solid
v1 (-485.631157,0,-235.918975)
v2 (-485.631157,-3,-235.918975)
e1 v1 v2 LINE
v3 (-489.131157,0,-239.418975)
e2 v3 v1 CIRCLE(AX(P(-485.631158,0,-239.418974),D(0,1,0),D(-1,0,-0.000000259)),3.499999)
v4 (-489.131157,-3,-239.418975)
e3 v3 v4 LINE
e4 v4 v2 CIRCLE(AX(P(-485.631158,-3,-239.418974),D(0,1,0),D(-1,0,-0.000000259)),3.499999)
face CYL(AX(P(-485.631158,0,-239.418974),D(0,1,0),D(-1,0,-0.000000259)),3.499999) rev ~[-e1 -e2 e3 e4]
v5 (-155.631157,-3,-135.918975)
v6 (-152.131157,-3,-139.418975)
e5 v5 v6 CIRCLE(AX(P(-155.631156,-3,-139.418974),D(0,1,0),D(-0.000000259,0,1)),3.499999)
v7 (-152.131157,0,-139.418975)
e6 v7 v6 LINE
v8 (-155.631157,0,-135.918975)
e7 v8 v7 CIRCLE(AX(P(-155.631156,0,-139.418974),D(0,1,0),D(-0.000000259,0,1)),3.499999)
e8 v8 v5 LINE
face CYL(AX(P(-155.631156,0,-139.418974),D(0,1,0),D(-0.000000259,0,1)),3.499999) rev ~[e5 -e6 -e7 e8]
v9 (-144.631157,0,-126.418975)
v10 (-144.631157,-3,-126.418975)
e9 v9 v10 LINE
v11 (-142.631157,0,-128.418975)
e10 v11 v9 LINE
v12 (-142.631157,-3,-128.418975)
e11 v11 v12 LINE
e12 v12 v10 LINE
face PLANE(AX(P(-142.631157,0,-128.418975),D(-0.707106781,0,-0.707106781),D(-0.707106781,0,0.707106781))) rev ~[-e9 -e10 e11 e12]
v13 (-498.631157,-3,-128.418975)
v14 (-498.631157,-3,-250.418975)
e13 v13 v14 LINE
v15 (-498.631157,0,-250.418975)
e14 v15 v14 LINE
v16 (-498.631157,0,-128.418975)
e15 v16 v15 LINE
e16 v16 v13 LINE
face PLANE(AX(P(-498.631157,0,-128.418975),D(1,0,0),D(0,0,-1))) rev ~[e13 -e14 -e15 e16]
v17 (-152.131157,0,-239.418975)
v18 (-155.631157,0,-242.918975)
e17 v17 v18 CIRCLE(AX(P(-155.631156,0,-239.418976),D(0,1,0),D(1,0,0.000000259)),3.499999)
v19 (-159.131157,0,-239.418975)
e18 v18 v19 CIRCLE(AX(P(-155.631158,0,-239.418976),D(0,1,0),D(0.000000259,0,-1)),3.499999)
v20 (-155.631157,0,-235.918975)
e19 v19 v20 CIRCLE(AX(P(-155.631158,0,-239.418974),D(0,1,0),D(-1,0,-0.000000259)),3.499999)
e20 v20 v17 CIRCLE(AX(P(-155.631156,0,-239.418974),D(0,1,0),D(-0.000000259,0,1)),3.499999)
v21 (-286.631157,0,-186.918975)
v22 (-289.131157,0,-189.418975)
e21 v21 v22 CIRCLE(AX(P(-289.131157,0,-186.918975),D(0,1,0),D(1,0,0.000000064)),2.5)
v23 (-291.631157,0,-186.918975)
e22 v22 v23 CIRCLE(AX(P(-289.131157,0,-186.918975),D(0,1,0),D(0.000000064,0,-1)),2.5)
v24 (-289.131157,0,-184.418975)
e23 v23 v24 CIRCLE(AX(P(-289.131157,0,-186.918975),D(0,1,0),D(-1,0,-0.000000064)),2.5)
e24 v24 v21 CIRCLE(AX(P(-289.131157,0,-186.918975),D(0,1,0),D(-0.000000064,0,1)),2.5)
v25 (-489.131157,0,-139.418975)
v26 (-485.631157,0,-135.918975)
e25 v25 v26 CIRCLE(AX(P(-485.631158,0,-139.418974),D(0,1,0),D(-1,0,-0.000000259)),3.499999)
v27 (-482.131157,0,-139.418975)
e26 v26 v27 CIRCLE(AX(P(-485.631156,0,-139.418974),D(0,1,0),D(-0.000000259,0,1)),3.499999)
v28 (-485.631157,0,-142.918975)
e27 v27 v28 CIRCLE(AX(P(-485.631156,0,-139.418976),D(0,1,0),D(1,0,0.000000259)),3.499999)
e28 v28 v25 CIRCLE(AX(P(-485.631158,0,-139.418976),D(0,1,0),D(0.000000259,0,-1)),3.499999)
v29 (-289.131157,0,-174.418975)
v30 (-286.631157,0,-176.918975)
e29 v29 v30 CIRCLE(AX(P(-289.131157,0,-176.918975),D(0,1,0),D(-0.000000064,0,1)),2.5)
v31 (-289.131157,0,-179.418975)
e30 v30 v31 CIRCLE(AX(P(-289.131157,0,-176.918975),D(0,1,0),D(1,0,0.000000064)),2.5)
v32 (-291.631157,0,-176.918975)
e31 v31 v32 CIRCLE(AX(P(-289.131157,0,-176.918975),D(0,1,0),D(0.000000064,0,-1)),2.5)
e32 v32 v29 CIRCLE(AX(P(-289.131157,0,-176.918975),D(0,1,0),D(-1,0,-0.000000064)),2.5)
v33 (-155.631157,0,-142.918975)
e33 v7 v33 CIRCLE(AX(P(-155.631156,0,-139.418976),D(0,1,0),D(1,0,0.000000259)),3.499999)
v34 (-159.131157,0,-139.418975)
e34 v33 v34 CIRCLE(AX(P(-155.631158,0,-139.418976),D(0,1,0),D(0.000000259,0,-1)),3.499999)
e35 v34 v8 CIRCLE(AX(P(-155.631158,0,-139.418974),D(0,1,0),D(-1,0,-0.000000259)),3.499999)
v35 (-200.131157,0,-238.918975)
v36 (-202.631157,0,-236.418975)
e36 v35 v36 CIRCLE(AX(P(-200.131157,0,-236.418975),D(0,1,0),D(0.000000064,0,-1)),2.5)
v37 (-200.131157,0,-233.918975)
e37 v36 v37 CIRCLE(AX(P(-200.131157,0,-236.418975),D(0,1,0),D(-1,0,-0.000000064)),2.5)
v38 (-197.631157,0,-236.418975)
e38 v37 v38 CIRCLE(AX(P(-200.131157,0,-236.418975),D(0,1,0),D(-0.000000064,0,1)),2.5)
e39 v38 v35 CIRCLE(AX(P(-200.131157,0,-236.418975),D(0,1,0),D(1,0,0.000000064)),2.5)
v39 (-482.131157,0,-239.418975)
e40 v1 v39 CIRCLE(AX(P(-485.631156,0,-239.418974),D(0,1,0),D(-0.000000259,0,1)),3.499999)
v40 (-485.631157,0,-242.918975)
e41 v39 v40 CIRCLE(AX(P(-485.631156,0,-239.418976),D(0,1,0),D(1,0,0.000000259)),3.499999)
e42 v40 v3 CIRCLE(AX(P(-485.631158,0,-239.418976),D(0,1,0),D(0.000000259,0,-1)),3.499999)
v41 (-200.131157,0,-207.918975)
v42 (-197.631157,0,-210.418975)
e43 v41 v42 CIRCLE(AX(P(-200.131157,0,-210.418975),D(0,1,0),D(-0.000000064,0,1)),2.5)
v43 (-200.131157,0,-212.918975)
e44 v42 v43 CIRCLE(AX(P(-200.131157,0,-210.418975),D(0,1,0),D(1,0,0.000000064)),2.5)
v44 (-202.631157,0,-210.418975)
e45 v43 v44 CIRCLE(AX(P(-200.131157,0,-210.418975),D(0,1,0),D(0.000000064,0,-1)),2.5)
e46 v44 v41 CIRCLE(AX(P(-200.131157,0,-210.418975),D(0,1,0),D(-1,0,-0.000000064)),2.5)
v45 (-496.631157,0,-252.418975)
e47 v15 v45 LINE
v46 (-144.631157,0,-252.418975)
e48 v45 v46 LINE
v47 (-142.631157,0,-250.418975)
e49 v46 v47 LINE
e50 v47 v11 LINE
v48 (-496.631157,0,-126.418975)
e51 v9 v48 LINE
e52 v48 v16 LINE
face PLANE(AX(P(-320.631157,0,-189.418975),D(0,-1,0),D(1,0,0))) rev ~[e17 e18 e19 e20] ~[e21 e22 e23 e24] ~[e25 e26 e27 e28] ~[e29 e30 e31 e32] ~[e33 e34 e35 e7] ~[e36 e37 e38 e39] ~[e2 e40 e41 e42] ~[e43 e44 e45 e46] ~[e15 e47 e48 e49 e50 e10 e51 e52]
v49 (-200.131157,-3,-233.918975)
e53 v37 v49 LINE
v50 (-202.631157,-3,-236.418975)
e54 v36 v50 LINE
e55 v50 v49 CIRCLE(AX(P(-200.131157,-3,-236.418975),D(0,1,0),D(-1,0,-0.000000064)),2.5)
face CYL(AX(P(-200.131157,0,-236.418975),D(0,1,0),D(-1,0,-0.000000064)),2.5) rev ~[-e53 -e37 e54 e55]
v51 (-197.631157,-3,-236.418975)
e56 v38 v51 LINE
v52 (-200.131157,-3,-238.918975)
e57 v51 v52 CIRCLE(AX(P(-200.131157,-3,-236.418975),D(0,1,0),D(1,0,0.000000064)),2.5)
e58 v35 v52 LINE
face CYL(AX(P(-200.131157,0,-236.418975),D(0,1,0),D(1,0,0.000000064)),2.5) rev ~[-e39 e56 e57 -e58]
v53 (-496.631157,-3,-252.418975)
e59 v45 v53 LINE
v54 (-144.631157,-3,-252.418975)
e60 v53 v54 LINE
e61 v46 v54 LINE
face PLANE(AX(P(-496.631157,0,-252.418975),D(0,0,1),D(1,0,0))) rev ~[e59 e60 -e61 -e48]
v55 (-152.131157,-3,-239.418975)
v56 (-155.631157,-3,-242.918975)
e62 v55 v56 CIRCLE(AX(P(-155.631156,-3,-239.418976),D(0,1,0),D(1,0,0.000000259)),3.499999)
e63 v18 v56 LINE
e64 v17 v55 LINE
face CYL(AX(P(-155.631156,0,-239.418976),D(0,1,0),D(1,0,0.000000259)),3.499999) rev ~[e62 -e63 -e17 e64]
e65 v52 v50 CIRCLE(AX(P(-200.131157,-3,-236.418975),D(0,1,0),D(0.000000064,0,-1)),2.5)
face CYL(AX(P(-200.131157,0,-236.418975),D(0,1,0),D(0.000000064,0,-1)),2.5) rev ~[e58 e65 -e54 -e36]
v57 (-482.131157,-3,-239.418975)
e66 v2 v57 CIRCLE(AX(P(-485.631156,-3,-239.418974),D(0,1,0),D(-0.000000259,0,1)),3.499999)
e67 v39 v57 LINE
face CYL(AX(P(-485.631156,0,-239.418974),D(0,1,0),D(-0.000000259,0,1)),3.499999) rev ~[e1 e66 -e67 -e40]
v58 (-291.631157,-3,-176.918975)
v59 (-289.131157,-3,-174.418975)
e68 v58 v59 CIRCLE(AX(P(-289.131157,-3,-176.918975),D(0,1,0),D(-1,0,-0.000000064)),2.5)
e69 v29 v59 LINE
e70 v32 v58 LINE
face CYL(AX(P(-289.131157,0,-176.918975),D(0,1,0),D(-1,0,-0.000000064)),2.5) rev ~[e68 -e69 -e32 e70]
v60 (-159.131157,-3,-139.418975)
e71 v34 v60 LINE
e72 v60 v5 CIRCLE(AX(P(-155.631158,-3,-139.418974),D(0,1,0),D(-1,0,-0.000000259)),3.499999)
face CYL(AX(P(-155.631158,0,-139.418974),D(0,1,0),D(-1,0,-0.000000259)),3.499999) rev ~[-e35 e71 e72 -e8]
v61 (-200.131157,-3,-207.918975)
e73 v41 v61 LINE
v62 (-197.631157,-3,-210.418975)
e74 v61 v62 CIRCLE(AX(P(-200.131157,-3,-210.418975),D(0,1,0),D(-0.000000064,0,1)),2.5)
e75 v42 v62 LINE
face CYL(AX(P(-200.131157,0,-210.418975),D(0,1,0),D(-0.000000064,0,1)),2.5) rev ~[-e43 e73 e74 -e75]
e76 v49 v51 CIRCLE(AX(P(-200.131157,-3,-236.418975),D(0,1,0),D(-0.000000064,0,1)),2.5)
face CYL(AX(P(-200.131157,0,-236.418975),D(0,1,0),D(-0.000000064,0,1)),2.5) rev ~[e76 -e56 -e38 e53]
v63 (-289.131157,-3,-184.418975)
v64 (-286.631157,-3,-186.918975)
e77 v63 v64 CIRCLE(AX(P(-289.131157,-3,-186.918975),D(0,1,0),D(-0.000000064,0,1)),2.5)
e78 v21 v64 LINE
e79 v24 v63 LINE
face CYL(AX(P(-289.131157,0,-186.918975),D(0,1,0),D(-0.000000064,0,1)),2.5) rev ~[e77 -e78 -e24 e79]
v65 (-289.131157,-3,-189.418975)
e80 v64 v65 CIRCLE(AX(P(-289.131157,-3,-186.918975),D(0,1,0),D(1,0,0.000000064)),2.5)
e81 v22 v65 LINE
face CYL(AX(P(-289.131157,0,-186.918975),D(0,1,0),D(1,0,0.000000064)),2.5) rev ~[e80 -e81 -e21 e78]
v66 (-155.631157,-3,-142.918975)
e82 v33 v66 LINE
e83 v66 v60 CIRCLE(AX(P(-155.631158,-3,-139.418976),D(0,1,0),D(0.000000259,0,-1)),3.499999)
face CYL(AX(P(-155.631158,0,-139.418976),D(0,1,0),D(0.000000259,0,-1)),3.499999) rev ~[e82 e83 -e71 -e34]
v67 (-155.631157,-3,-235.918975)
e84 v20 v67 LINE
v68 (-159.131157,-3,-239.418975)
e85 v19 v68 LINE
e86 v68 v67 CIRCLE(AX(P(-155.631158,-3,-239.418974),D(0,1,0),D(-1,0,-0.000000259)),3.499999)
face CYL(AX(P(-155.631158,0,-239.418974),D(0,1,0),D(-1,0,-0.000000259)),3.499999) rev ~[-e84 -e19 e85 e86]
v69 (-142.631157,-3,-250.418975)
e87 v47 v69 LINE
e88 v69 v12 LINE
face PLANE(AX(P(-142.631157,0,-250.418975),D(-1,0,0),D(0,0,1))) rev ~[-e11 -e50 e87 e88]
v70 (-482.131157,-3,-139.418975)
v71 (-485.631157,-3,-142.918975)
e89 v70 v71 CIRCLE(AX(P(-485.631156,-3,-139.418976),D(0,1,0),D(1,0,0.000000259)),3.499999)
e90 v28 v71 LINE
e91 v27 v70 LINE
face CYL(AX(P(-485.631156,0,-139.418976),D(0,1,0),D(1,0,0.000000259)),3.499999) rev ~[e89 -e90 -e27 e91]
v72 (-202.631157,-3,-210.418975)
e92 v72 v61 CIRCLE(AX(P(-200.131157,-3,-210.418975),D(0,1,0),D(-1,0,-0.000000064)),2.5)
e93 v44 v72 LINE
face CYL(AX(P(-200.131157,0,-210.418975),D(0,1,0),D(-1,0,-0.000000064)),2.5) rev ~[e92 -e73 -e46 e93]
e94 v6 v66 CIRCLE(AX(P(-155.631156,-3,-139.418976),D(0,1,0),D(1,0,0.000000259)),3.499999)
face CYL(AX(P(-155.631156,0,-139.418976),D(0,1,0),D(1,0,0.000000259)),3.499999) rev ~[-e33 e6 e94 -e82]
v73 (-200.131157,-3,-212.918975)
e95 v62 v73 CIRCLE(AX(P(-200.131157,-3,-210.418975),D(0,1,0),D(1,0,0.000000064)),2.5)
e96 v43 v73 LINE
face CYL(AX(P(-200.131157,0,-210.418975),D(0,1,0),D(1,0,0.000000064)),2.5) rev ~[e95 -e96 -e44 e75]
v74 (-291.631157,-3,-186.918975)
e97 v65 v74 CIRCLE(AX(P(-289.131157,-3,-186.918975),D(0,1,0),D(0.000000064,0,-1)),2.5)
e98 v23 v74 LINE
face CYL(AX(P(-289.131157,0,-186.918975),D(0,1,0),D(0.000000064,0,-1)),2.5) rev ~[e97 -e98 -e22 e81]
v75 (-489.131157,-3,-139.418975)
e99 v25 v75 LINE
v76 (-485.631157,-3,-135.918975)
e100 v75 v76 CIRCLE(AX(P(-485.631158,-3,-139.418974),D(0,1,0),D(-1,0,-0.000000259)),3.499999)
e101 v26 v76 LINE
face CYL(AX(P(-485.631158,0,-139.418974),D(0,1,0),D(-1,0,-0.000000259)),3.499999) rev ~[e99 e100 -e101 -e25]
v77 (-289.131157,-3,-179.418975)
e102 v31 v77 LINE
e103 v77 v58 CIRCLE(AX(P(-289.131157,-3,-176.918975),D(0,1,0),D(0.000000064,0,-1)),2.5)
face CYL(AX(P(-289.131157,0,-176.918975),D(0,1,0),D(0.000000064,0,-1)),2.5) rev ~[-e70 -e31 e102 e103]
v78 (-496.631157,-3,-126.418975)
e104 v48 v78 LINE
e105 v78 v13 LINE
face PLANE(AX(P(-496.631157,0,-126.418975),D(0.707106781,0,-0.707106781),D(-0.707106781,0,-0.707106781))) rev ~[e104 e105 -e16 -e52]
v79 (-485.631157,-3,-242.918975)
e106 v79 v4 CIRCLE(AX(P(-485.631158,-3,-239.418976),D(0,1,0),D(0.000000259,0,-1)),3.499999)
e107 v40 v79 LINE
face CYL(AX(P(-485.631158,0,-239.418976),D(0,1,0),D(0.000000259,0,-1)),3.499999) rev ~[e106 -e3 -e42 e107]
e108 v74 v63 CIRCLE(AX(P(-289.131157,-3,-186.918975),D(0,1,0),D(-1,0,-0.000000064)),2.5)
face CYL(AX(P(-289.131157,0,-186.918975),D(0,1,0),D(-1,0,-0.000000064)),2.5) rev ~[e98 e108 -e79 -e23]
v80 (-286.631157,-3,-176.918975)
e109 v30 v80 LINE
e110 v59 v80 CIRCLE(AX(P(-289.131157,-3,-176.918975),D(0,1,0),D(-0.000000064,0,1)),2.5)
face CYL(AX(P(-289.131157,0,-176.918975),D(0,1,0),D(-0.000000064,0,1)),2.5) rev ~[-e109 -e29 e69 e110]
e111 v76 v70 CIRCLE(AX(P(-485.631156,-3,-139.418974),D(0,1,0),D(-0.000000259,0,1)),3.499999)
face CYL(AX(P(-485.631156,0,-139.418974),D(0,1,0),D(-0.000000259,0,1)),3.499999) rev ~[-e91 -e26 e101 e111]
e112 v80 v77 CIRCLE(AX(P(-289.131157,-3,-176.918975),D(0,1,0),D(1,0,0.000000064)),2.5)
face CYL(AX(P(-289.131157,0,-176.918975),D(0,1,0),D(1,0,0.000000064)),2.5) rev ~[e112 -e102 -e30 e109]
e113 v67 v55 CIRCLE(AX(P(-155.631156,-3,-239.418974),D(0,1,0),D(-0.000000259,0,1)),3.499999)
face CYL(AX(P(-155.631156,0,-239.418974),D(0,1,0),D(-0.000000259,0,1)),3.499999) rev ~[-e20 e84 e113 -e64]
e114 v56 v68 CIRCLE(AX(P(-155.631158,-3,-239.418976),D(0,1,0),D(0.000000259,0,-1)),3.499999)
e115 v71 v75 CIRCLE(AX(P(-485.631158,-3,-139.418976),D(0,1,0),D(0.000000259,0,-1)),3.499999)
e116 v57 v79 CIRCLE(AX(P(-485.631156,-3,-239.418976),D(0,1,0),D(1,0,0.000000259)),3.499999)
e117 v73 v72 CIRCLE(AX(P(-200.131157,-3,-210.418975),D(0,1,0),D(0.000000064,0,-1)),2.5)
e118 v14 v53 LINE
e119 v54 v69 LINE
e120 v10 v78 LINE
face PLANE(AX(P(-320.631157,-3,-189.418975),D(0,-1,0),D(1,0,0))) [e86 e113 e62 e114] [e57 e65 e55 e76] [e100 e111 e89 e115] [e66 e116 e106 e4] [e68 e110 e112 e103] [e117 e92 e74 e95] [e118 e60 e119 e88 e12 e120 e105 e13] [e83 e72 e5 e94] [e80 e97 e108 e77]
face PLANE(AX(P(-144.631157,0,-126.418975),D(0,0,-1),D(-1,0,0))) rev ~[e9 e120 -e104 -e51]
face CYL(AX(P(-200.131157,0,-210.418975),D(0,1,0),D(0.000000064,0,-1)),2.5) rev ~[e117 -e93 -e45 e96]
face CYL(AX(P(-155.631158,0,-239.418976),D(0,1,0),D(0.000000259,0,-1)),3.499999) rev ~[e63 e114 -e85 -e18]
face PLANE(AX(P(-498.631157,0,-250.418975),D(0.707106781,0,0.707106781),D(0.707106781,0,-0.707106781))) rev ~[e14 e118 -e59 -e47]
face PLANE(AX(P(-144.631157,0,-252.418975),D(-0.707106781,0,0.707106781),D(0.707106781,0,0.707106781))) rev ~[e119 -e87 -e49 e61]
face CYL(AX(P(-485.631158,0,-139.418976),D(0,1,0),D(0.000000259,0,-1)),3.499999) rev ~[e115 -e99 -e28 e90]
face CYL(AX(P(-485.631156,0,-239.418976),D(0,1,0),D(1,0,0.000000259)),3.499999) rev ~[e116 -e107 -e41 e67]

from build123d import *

# Parameters (mm, degrees)
F1_DEPTH = 3


with BuildPart() as f1:
    # F0 (on Front) → F1 (new body)
    with BuildSketch(Plane.XZ):
        Polygon((-496.631157, -252.418975), (-144.631157, -252.418975), (-142.631157, -250.418975), (-142.631157, -128.418975), (-144.631157, -126.418975), (-496.631157, -126.418975), (-498.631157, -128.418975), (-498.631157, -250.418975), align=None)
        with BuildLine():
            ThreePointArc((-485.631157, -235.918975), (-483.156283, -236.944101), (-482.131157, -239.418975))
            ThreePointArc((-482.131157, -239.418975), (-483.156283, -241.893849), (-485.631157, -242.918975))
            ThreePointArc((-485.631157, -242.918975), (-488.106031, -241.893849), (-489.131157, -239.418975))
            ThreePointArc((-489.131157, -239.418975), (-488.106031, -236.944101), (-485.631157, -235.918975))
        make_face(mode=Mode.SUBTRACT)
        with BuildLine():
            ThreePointArc((-155.631157, -235.918975), (-153.156283, -236.944101), (-152.131157, -239.418975))
            ThreePointArc((-152.131157, -239.418975), (-153.156283, -241.893849), (-155.631157, -242.918975))
            ThreePointArc((-155.631157, -242.918975), (-158.106031, -241.893849), (-159.131157, -239.418975))
            ThreePointArc((-159.131157, -239.418975), (-158.106031, -236.944101), (-155.631157, -235.918975))
        make_face(mode=Mode.SUBTRACT)
        with BuildLine():
            ThreePointArc((-197.631157, -236.418975), (-198.36339, -238.186742), (-200.131157, -238.918975))
            ThreePointArc((-200.131157, -238.918975), (-201.898924, -238.186742), (-202.631157, -236.418975))
            ThreePointArc((-202.631157, -236.418975), (-201.898924, -234.651208), (-200.131157, -233.918975))
            ThreePointArc((-200.131157, -233.918975), (-198.36339, -234.651208), (-197.631157, -236.418975))
        make_face(mode=Mode.SUBTRACT)
        with BuildLine():
            ThreePointArc((-197.631157, -210.418975), (-198.36339, -212.186742), (-200.131157, -212.918975))
            ThreePointArc((-200.131157, -212.918975), (-201.898924, -212.186742), (-202.631157, -210.418975))
            ThreePointArc((-202.631157, -210.418975), (-201.898924, -208.651208), (-200.131157, -207.918975))
            ThreePointArc((-200.131157, -207.918975), (-198.36339, -208.651208), (-197.631157, -210.418975))
        make_face(mode=Mode.SUBTRACT)
        with BuildLine():
            ThreePointArc((-286.631157, -186.918975), (-287.36339, -188.686742), (-289.131157, -189.418975))
            ThreePointArc((-289.131157, -189.418975), (-290.898924, -188.686742), (-291.631157, -186.918975))
            ThreePointArc((-291.631157, -186.918975), (-290.898924, -185.151208), (-289.131157, -184.418975))
            ThreePointArc((-289.131157, -184.418975), (-287.36339, -185.151208), (-286.631157, -186.918975))
        make_face(mode=Mode.SUBTRACT)
        with BuildLine():
            ThreePointArc((-286.631157, -176.918975), (-287.36339, -178.686742), (-289.131157, -179.418975))
            ThreePointArc((-289.131157, -179.418975), (-290.898924, -178.686742), (-291.631157, -176.918975))
            ThreePointArc((-291.631157, -176.918975), (-290.898924, -175.151208), (-289.131157, -174.418975))
            ThreePointArc((-289.131157, -174.418975), (-287.36339, -175.151208), (-286.631157, -176.918975))
        make_face(mode=Mode.SUBTRACT)
        with BuildLine():
            ThreePointArc((-485.631157, -135.918975), (-483.156283, -136.944101), (-482.131157, -139.418975))
            ThreePointArc((-482.131157, -139.418975), (-483.156283, -141.893849), (-485.631157, -142.918975))
            ThreePointArc((-485.631157, -142.918975), (-488.106031, -141.893849), (-489.131157, -139.418975))
            ThreePointArc((-489.131157, -139.418975), (-488.106031, -136.944101), (-485.631157, -135.918975))
        make_face(mode=Mode.SUBTRACT)
        with BuildLine():
            ThreePointArc((-155.631157, -135.918975), (-153.156283, -136.944101), (-152.131157, -139.418975))
            ThreePointArc((-152.131157, -139.418975), (-153.156283, -141.893849), (-155.631157, -142.918975))
            ThreePointArc((-155.631157, -142.918975), (-158.106031, -141.893849), (-159.131157, -139.418975))
            ThreePointArc((-159.131157, -139.418975), (-158.106031, -136.944101), (-155.631157, -135.918975))
        make_face(mode=Mode.SUBTRACT)
    extrude(amount=F1_DEPTH)


solid = f1.part
